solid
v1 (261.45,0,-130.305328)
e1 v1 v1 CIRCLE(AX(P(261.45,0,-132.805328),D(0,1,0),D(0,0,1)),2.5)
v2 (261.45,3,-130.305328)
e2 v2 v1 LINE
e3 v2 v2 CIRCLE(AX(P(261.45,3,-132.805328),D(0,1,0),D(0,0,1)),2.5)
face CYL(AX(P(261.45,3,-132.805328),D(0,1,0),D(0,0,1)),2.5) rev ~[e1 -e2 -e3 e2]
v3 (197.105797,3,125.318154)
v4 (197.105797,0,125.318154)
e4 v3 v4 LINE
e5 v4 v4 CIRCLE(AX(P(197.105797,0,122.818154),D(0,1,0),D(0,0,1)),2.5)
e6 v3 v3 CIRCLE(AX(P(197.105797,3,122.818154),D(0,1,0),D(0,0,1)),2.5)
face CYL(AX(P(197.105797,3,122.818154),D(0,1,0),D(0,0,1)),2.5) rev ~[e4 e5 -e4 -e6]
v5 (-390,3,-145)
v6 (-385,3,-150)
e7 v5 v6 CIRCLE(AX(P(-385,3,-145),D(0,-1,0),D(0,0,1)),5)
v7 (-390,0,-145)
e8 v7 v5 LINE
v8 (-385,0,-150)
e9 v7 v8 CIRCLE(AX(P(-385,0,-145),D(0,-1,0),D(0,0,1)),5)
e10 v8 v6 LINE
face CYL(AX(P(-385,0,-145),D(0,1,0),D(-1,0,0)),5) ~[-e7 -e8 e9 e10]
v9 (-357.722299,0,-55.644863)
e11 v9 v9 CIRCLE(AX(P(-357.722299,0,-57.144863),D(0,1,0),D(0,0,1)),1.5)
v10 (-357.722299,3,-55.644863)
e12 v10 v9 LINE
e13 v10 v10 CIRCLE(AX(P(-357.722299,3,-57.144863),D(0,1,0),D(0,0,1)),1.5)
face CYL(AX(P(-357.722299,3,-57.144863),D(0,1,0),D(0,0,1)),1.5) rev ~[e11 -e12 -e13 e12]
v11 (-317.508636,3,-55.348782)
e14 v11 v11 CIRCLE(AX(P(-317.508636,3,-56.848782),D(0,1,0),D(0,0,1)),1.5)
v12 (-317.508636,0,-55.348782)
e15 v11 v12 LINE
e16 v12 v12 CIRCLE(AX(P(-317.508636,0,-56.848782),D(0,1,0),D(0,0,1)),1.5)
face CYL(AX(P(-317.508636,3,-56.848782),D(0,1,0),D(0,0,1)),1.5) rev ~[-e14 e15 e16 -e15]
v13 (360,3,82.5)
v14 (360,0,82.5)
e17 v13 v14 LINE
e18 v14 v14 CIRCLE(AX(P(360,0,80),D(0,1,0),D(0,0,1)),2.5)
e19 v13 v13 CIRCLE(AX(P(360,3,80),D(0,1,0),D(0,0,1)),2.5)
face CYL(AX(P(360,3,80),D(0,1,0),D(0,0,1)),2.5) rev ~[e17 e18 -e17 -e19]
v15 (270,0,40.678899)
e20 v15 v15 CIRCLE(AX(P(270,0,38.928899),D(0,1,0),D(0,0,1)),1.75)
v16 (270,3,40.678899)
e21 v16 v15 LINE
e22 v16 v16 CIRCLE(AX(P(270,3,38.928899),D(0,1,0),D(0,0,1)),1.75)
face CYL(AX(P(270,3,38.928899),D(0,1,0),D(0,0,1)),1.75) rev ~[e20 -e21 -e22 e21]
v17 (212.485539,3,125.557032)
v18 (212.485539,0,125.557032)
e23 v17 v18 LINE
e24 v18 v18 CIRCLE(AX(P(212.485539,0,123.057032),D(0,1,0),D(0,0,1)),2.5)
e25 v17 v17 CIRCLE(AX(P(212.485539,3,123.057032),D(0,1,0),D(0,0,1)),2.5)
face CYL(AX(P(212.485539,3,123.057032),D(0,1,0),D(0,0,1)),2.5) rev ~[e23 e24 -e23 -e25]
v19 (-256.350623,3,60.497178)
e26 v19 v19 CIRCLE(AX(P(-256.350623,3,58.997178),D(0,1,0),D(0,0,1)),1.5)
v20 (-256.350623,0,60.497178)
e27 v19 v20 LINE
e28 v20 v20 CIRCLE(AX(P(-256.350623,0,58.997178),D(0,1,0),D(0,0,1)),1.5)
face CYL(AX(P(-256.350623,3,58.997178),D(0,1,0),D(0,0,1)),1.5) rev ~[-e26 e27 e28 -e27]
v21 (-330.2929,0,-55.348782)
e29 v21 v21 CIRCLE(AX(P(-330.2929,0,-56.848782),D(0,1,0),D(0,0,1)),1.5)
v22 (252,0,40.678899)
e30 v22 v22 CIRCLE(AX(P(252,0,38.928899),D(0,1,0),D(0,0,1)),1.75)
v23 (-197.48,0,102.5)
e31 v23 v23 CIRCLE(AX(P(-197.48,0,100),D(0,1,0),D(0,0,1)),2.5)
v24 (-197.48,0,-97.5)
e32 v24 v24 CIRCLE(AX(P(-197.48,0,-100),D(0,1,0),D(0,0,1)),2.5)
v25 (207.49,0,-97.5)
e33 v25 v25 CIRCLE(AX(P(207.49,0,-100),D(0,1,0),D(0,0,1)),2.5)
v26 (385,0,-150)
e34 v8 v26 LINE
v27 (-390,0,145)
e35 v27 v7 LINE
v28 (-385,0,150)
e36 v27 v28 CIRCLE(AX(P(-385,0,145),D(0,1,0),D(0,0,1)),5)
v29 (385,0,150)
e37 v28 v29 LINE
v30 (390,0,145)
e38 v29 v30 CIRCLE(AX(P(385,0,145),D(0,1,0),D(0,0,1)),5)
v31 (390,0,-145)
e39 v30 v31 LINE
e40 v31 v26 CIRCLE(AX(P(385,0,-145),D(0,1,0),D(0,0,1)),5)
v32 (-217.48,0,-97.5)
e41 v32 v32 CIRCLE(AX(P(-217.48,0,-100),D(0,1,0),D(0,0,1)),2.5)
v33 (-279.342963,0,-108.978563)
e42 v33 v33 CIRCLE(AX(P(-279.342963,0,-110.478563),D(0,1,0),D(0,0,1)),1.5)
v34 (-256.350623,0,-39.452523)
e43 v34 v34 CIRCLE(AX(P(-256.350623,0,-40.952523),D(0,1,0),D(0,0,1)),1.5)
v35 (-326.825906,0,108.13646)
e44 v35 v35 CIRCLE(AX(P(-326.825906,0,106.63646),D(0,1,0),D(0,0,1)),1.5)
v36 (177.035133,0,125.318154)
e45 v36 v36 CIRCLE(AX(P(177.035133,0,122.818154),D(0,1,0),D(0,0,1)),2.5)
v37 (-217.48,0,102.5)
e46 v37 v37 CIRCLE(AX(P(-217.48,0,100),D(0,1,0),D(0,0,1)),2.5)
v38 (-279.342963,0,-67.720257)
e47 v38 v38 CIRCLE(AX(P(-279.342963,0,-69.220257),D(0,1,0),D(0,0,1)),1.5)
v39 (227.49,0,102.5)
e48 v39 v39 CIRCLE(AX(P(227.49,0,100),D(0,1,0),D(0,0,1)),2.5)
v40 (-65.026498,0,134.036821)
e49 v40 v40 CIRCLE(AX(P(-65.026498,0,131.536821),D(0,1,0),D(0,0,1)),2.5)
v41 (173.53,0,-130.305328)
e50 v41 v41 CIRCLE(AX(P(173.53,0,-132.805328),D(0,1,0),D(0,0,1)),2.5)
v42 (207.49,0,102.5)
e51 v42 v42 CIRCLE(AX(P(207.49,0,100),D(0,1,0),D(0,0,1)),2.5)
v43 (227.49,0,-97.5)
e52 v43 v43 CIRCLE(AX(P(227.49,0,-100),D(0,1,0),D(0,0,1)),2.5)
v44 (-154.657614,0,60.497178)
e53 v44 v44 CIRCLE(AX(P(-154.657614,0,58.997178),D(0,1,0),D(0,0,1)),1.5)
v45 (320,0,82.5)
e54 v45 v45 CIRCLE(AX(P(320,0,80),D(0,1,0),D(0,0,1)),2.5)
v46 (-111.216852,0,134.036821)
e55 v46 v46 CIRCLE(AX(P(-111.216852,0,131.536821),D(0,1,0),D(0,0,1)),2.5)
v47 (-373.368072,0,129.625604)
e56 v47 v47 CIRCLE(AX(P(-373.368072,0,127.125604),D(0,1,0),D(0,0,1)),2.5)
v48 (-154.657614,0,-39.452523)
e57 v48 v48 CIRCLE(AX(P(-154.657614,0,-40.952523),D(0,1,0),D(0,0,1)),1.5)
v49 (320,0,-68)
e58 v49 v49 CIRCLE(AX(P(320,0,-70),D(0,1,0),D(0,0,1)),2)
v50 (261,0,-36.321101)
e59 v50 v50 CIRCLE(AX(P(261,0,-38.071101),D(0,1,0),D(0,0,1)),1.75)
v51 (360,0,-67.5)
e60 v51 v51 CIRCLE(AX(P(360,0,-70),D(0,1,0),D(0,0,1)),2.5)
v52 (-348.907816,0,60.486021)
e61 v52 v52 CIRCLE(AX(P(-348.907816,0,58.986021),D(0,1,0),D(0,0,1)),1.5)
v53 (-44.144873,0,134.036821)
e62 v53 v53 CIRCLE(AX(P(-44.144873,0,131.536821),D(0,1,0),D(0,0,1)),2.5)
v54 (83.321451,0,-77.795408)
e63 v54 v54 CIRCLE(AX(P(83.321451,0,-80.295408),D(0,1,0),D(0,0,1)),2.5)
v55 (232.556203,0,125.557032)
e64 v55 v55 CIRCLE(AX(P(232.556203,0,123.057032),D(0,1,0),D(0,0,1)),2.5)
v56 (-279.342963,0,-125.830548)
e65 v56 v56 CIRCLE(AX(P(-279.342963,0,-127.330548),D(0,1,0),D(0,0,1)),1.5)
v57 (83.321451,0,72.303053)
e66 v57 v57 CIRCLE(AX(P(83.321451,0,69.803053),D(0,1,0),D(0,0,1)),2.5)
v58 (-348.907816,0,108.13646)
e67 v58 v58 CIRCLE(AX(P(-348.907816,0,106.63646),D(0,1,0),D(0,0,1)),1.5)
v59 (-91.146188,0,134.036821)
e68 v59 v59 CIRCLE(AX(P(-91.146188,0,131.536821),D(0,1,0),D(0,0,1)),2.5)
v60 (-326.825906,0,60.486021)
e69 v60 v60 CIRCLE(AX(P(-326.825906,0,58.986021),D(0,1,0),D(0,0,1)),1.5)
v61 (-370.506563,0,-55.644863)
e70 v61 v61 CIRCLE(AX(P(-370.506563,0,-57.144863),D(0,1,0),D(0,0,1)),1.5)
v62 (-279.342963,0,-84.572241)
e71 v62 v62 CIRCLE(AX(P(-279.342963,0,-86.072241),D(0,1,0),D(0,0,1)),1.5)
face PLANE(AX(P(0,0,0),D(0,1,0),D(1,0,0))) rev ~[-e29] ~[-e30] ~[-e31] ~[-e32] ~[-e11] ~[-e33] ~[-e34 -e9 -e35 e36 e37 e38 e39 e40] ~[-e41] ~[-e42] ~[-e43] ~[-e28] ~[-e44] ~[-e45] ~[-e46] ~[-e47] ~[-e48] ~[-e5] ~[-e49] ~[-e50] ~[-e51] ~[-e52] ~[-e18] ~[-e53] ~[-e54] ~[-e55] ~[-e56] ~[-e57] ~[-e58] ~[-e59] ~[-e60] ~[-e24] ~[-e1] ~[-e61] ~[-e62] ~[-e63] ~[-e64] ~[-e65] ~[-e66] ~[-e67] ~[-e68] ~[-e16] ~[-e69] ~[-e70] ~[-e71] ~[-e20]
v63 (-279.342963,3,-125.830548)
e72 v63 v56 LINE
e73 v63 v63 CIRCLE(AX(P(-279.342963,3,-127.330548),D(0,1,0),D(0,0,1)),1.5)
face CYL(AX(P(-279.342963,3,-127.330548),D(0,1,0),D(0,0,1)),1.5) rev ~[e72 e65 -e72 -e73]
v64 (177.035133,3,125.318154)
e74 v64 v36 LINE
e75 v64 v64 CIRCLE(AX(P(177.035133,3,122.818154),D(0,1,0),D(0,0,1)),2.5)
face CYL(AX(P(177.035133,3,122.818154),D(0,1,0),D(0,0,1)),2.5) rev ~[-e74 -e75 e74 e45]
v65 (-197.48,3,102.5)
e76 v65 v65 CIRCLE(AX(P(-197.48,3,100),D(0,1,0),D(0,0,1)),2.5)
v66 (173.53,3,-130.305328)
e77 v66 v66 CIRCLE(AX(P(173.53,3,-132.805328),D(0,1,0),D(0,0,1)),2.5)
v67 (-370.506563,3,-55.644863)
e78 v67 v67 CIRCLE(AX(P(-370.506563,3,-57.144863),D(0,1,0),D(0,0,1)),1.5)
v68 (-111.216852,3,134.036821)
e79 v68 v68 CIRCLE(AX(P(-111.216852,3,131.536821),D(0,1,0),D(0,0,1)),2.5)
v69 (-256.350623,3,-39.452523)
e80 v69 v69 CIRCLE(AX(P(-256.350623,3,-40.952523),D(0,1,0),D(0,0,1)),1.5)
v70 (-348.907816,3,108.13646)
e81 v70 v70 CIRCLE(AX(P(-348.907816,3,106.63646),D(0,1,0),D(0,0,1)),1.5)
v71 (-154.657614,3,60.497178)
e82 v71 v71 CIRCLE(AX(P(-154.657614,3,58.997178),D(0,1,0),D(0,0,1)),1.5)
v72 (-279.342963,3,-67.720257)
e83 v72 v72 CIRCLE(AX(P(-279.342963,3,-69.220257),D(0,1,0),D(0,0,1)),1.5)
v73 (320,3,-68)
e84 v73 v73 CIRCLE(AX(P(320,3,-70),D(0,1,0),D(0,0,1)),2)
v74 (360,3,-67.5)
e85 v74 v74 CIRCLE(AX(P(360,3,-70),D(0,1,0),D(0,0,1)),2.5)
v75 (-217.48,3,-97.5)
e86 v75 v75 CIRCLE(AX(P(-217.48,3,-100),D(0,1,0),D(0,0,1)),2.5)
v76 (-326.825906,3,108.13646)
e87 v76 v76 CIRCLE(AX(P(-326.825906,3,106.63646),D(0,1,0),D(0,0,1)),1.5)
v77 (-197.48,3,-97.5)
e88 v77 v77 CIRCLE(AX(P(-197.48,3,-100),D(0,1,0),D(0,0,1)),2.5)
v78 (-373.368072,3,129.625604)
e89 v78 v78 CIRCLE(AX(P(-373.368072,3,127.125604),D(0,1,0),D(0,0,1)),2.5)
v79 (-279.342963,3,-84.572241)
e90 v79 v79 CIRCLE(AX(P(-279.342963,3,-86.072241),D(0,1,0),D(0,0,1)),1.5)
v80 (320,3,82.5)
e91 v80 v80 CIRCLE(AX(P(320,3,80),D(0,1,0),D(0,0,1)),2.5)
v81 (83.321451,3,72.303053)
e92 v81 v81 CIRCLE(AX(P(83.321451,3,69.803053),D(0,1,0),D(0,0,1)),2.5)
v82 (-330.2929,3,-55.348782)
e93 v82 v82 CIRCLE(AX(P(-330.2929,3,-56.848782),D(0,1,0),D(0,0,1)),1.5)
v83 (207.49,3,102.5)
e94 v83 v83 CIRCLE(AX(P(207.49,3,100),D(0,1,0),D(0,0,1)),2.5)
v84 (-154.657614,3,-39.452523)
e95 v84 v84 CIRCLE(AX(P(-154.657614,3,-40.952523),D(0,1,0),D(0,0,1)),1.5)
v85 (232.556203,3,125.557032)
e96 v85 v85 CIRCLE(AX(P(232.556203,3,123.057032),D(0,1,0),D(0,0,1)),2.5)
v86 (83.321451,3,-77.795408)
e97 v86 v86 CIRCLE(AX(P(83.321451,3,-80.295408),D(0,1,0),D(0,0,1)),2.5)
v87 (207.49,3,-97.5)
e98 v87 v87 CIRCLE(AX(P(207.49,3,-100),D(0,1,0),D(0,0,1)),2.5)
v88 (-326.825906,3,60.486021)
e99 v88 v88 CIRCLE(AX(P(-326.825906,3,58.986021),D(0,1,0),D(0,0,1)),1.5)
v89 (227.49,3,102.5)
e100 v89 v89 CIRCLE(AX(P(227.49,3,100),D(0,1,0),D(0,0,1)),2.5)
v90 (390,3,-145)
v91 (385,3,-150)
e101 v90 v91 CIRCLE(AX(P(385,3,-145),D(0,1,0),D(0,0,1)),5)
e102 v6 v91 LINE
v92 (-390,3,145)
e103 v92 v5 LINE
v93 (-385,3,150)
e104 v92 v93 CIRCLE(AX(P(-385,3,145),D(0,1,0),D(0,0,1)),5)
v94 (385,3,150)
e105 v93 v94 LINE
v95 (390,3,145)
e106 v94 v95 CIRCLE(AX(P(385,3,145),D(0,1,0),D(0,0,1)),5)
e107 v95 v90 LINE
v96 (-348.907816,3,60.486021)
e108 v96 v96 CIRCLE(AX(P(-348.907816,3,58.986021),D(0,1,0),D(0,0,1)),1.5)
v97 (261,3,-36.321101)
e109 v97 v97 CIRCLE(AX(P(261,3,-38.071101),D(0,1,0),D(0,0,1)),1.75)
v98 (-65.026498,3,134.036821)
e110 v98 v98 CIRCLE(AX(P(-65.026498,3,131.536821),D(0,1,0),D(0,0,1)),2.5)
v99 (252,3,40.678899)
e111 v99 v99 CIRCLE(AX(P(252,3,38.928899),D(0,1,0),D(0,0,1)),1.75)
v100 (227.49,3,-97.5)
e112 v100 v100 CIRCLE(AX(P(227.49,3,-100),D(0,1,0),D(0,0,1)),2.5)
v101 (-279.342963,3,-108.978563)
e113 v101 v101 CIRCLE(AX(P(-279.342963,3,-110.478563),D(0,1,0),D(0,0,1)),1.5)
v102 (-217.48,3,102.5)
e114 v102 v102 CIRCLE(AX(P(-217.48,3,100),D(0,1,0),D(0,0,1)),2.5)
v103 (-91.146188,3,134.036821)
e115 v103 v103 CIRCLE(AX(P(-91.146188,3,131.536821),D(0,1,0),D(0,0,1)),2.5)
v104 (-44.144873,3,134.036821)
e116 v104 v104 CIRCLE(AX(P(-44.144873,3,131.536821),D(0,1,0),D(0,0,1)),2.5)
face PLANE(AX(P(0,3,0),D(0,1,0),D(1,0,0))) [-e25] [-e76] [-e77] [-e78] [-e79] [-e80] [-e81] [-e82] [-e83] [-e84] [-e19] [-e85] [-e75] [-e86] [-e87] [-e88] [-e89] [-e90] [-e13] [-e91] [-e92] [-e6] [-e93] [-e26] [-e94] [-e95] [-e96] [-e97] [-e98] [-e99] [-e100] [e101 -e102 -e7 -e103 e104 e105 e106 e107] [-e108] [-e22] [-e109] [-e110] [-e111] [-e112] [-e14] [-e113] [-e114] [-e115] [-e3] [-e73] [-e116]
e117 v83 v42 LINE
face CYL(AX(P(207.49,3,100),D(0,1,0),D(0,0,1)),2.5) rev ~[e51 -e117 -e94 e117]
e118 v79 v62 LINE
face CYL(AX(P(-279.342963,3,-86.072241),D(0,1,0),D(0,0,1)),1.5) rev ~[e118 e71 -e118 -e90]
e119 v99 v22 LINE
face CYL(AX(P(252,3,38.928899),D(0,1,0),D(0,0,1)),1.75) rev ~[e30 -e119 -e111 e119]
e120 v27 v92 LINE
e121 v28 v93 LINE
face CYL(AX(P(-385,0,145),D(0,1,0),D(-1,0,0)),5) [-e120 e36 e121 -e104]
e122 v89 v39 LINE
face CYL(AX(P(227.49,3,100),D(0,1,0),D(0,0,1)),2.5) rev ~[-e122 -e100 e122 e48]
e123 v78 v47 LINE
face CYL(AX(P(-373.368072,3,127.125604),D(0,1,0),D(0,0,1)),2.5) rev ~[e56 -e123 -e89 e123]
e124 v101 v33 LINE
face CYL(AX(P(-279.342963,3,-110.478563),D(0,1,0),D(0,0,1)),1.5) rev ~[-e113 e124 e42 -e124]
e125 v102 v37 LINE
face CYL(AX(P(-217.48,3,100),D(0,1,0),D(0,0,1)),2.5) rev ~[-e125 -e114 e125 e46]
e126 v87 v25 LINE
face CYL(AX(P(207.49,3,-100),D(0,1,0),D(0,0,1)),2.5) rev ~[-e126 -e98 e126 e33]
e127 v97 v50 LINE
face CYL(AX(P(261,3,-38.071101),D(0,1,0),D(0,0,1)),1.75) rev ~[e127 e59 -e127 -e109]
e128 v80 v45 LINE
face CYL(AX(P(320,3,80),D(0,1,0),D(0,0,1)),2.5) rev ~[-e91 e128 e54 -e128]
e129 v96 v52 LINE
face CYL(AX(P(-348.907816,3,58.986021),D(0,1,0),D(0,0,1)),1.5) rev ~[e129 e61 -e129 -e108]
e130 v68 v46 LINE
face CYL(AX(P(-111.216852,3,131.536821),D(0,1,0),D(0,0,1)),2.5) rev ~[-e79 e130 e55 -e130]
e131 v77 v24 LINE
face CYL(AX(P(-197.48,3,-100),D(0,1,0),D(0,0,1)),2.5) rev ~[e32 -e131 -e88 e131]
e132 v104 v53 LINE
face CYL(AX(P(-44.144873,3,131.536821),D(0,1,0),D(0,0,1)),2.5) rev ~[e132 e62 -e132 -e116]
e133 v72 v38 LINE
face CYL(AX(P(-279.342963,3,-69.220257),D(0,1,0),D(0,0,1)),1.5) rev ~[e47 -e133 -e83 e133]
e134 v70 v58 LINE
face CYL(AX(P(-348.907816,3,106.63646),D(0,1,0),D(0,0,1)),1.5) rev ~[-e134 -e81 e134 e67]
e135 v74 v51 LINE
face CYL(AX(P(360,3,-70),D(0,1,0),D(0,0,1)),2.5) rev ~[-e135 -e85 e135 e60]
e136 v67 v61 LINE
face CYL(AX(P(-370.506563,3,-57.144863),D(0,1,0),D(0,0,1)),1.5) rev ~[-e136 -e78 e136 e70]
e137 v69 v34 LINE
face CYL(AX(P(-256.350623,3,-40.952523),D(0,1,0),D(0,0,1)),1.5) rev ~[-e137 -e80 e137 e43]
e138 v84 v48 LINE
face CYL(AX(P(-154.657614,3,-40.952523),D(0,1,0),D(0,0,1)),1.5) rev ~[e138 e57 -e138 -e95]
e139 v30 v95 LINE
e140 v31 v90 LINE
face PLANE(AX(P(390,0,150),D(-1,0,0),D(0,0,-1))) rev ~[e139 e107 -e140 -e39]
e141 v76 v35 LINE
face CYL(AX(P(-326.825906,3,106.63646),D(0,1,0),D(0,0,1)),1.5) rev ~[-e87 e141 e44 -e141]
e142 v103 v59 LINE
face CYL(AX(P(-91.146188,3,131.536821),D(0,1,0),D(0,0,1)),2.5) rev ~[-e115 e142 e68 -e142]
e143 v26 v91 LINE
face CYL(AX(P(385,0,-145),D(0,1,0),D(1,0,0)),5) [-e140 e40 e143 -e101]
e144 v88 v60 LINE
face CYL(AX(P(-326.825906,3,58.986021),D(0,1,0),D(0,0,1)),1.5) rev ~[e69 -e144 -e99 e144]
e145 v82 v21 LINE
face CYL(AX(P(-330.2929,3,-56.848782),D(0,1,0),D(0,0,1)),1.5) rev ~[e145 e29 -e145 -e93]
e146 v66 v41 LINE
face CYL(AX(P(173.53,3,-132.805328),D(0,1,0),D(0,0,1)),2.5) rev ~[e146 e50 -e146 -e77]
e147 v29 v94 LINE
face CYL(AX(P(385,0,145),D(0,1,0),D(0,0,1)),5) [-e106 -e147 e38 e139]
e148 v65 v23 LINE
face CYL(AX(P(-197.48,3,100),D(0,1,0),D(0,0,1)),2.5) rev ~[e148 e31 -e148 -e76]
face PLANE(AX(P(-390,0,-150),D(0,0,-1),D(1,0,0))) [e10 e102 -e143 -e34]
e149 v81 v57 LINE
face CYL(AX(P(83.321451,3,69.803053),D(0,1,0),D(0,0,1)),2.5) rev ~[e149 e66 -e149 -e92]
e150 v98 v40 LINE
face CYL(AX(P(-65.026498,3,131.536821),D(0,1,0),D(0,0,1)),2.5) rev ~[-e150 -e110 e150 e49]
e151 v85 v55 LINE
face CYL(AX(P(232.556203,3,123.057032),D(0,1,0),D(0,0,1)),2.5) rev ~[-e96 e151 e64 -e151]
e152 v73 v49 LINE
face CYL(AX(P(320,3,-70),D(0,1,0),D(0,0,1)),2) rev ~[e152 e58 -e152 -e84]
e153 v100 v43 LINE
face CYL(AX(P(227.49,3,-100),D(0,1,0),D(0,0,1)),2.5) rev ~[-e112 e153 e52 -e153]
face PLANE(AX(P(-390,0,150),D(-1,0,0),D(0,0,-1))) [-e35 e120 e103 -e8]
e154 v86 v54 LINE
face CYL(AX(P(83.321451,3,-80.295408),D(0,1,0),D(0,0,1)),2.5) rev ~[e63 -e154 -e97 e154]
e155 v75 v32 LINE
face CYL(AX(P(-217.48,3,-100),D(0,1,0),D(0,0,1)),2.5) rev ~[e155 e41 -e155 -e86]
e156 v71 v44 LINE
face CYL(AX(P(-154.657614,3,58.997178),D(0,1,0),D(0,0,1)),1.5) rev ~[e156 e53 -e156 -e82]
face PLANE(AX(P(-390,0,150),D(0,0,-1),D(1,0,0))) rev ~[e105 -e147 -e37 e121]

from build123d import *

# Parameters (mm, degrees)
SKETCH2_W           = 780
SKETCH2_H           = 300
BOSS_EXTRUDE1_DEPTH = 3
FILLET1_R           = 5
SKETCH4_R           = 2.5
SKETCH4_R_2         = 1.5
SKETCH4_R_3         = 1.75
SKETCH4_R_4         = 2
CUT_EXTRUDE3_DEPTH  = 10


with BuildPart() as part:
    # Sketch2 → Boss-Extrude1 (new body)
    with BuildSketch(Plane(origin=(0, 0, 0), x_dir=(1, 0, 0), z_dir=(0, 1, 0))):
        Rectangle(SKETCH2_W, SKETCH2_H)
    extrude(amount=BOSS_EXTRUDE1_DEPTH)

    # Fillet1
    fillet1_edges = [part.edges().sort_by_distance(p)[0] for p in [
        (-390, 1.5, -150),
        (390, 1.5, -150),
        (390, 1.5, 150),
        (-390, 1.5, 150),
    ]]
    fillet(fillet1_edges, radius=FILLET1_R)

    # Sketch4 → Cut-Extrude3 (cut)
    with BuildSketch(Plane(origin=(0, 3, 0), x_dir=(1, 0, 0), z_dir=(0, 1, 0))):
        with Locations(Location((83.321450778, 80.295408127, 0), (0, 0, 270))):
            Circle(SKETCH4_R)
        with Locations(Location((83.321450778, -69.803053448, 0), (0, 0, 270))):
            Circle(SKETCH4_R)
        with Locations(Location((173.53, 132.805328431, 0), (0, 0, 270))):
            Circle(SKETCH4_R)
        with Locations(Location((261.45, 132.805328431, 0), (0, 0, 270))):
            Circle(SKETCH4_R)
        with Locations(Location((207.49, 100, 0), (0, 0, 270))):
            Circle(SKETCH4_R)
        with Locations(Location((227.49, 100, 0), (0, 0, 270))):
            Circle(SKETCH4_R)
        with Locations(Location((-217.48, 100, 0), (0, 0, 270))):
            Circle(SKETCH4_R)
        with Locations(Location((-197.48, 100, 0), (0, 0, 270))):
            Circle(SKETCH4_R)
        with Locations(Location((-256.350622965, 40.95252289, 0), (0, 0, 270))):
            Circle(SKETCH4_R_2)
        with Locations(Location((-154.657613658, 40.95252289, 0), (0, 0, 270))):
            Circle(SKETCH4_R_2)
        with Locations(Location((-154.657613658, -58.997177687, 0), (0, 0, 270))):
            Circle(SKETCH4_R_2)
        with Locations(Location((-256.350622965, -58.997177687, 0), (0, 0, 270))):
            Circle(SKETCH4_R_2)
        with Locations(Location((360, -80, 0), (0, 0, 270))):
            Circle(SKETCH4_R)
        with Locations(Location((270, -38.928899428, 0), (0, 0, 270))):
            Circle(SKETCH4_R_3)
        with Locations(Location((261, 38.071100572, 0), (0, 0, 270))):
            Circle(SKETCH4_R_3)
        with Locations(Location((-279.342963389, 127.330547842, 0), (0, 0, 270))):
            Circle(SKETCH4_R_2)
        with Locations(Location((-279.342963389, 110.478563443, 0), (0, 0, 270))):
            Circle(SKETCH4_R_2)
        with Locations(Location((-279.342963389, 86.072241209, 0), (0, 0, 270))):
            Circle(SKETCH4_R_2)
        with Locations(Location((-279.342963389, 69.220256809, 0), (0, 0, 270))):
            Circle(SKETCH4_R_2)
        with Locations(Location((-330.292899545, 56.848781738, 0), (0, 0, 270))):
            Circle(SKETCH4_R_2)
        with Locations(Location((-317.508635517, 56.848781738, 0), (0, 0, 270))):
            Circle(SKETCH4_R_2)
        with Locations(Location((-370.506562807, 57.144862602, 0), (0, 0, 270))):
            Circle(SKETCH4_R_2)
        with Locations(Location((-357.72229878, 57.144862602, 0), (0, 0, 270))):
            Circle(SKETCH4_R_2)
        with Locations(Location((-348.907816262, -58.986021001, 0), (0, 0, 270))):
            Circle(SKETCH4_R_2)
        with Locations(Location((-326.82590567, -58.986021001, 0), (0, 0, 270))):
            Circle(SKETCH4_R_2)
        with Locations(Location((-348.907816262, -106.636459648, 0), (0, 0, 270))):
            Circle(SKETCH4_R_2)
        with Locations(Location((-326.82590567, -106.636459648, 0), (0, 0, 270))):
            Circle(SKETCH4_R_2)
        with Locations(Location((-373.368072028, -127.125603742, 0), (0, 0, 270))):
            Circle(SKETCH4_R)
        with Locations(Location((-111.216852198, -131.536821416, 0), (0, 0, 270))):
            Circle(SKETCH4_R)
        with Locations(Location((-91.146187886, -131.536821416, 0), (0, 0, 270))):
            Circle(SKETCH4_R)
        with Locations(Location((-65.026497621, -131.536821416, 0), (0, 0, 270))):
            Circle(SKETCH4_R)
        with Locations(Location((-44.144872529, -131.536821416, 0), (0, 0, 270))):
            Circle(SKETCH4_R)
        with Locations(Location((360, 70, 0), (0, 0, 270))):
            Circle(SKETCH4_R)
        with Locations(Location((177.03513318, -122.818153879, 0), (0, 0, 270))):
            Circle(SKETCH4_R)
        with Locations(Location((197.105797491, -122.818153879, 0), (0, 0, 270))):
            Circle(SKETCH4_R)
        with Locations(Location((207.49, -100, 0), (0, 0, 270))):
            Circle(SKETCH4_R)
        with Locations(Location((227.49, -100, 0), (0, 0, 270))):
            Circle(SKETCH4_R)
        with Locations(Location((320, -80, 0), (0, 0, 270))):
            Circle(SKETCH4_R)
        with Locations(Location((320, 70, 0), (0, 0, 270))):
            Circle(SKETCH4_R_4)
        with Locations(Location((252, -38.928899428, 0), (0, 0, 270))):
            Circle(SKETCH4_R_3)
        with Locations(Location((212.485538698, -123.057031719, 0), (0, 0, 270))):
            Circle(SKETCH4_R)
        with Locations(Location((232.556203009, -123.057031719, 0), (0, 0, 270))):
            Circle(SKETCH4_R)
        with Locations(Location((-217.48, -100, 0), (0, 0, 270))):
            Circle(SKETCH4_R)
        with Locations(Location((-197.48, -100, 0), (0, 0, 270))):
            Circle(SKETCH4_R)
    extrude(amount=-CUT_EXTRUDE3_DEPTH, mode=Mode.SUBTRACT)


solid = part.part
